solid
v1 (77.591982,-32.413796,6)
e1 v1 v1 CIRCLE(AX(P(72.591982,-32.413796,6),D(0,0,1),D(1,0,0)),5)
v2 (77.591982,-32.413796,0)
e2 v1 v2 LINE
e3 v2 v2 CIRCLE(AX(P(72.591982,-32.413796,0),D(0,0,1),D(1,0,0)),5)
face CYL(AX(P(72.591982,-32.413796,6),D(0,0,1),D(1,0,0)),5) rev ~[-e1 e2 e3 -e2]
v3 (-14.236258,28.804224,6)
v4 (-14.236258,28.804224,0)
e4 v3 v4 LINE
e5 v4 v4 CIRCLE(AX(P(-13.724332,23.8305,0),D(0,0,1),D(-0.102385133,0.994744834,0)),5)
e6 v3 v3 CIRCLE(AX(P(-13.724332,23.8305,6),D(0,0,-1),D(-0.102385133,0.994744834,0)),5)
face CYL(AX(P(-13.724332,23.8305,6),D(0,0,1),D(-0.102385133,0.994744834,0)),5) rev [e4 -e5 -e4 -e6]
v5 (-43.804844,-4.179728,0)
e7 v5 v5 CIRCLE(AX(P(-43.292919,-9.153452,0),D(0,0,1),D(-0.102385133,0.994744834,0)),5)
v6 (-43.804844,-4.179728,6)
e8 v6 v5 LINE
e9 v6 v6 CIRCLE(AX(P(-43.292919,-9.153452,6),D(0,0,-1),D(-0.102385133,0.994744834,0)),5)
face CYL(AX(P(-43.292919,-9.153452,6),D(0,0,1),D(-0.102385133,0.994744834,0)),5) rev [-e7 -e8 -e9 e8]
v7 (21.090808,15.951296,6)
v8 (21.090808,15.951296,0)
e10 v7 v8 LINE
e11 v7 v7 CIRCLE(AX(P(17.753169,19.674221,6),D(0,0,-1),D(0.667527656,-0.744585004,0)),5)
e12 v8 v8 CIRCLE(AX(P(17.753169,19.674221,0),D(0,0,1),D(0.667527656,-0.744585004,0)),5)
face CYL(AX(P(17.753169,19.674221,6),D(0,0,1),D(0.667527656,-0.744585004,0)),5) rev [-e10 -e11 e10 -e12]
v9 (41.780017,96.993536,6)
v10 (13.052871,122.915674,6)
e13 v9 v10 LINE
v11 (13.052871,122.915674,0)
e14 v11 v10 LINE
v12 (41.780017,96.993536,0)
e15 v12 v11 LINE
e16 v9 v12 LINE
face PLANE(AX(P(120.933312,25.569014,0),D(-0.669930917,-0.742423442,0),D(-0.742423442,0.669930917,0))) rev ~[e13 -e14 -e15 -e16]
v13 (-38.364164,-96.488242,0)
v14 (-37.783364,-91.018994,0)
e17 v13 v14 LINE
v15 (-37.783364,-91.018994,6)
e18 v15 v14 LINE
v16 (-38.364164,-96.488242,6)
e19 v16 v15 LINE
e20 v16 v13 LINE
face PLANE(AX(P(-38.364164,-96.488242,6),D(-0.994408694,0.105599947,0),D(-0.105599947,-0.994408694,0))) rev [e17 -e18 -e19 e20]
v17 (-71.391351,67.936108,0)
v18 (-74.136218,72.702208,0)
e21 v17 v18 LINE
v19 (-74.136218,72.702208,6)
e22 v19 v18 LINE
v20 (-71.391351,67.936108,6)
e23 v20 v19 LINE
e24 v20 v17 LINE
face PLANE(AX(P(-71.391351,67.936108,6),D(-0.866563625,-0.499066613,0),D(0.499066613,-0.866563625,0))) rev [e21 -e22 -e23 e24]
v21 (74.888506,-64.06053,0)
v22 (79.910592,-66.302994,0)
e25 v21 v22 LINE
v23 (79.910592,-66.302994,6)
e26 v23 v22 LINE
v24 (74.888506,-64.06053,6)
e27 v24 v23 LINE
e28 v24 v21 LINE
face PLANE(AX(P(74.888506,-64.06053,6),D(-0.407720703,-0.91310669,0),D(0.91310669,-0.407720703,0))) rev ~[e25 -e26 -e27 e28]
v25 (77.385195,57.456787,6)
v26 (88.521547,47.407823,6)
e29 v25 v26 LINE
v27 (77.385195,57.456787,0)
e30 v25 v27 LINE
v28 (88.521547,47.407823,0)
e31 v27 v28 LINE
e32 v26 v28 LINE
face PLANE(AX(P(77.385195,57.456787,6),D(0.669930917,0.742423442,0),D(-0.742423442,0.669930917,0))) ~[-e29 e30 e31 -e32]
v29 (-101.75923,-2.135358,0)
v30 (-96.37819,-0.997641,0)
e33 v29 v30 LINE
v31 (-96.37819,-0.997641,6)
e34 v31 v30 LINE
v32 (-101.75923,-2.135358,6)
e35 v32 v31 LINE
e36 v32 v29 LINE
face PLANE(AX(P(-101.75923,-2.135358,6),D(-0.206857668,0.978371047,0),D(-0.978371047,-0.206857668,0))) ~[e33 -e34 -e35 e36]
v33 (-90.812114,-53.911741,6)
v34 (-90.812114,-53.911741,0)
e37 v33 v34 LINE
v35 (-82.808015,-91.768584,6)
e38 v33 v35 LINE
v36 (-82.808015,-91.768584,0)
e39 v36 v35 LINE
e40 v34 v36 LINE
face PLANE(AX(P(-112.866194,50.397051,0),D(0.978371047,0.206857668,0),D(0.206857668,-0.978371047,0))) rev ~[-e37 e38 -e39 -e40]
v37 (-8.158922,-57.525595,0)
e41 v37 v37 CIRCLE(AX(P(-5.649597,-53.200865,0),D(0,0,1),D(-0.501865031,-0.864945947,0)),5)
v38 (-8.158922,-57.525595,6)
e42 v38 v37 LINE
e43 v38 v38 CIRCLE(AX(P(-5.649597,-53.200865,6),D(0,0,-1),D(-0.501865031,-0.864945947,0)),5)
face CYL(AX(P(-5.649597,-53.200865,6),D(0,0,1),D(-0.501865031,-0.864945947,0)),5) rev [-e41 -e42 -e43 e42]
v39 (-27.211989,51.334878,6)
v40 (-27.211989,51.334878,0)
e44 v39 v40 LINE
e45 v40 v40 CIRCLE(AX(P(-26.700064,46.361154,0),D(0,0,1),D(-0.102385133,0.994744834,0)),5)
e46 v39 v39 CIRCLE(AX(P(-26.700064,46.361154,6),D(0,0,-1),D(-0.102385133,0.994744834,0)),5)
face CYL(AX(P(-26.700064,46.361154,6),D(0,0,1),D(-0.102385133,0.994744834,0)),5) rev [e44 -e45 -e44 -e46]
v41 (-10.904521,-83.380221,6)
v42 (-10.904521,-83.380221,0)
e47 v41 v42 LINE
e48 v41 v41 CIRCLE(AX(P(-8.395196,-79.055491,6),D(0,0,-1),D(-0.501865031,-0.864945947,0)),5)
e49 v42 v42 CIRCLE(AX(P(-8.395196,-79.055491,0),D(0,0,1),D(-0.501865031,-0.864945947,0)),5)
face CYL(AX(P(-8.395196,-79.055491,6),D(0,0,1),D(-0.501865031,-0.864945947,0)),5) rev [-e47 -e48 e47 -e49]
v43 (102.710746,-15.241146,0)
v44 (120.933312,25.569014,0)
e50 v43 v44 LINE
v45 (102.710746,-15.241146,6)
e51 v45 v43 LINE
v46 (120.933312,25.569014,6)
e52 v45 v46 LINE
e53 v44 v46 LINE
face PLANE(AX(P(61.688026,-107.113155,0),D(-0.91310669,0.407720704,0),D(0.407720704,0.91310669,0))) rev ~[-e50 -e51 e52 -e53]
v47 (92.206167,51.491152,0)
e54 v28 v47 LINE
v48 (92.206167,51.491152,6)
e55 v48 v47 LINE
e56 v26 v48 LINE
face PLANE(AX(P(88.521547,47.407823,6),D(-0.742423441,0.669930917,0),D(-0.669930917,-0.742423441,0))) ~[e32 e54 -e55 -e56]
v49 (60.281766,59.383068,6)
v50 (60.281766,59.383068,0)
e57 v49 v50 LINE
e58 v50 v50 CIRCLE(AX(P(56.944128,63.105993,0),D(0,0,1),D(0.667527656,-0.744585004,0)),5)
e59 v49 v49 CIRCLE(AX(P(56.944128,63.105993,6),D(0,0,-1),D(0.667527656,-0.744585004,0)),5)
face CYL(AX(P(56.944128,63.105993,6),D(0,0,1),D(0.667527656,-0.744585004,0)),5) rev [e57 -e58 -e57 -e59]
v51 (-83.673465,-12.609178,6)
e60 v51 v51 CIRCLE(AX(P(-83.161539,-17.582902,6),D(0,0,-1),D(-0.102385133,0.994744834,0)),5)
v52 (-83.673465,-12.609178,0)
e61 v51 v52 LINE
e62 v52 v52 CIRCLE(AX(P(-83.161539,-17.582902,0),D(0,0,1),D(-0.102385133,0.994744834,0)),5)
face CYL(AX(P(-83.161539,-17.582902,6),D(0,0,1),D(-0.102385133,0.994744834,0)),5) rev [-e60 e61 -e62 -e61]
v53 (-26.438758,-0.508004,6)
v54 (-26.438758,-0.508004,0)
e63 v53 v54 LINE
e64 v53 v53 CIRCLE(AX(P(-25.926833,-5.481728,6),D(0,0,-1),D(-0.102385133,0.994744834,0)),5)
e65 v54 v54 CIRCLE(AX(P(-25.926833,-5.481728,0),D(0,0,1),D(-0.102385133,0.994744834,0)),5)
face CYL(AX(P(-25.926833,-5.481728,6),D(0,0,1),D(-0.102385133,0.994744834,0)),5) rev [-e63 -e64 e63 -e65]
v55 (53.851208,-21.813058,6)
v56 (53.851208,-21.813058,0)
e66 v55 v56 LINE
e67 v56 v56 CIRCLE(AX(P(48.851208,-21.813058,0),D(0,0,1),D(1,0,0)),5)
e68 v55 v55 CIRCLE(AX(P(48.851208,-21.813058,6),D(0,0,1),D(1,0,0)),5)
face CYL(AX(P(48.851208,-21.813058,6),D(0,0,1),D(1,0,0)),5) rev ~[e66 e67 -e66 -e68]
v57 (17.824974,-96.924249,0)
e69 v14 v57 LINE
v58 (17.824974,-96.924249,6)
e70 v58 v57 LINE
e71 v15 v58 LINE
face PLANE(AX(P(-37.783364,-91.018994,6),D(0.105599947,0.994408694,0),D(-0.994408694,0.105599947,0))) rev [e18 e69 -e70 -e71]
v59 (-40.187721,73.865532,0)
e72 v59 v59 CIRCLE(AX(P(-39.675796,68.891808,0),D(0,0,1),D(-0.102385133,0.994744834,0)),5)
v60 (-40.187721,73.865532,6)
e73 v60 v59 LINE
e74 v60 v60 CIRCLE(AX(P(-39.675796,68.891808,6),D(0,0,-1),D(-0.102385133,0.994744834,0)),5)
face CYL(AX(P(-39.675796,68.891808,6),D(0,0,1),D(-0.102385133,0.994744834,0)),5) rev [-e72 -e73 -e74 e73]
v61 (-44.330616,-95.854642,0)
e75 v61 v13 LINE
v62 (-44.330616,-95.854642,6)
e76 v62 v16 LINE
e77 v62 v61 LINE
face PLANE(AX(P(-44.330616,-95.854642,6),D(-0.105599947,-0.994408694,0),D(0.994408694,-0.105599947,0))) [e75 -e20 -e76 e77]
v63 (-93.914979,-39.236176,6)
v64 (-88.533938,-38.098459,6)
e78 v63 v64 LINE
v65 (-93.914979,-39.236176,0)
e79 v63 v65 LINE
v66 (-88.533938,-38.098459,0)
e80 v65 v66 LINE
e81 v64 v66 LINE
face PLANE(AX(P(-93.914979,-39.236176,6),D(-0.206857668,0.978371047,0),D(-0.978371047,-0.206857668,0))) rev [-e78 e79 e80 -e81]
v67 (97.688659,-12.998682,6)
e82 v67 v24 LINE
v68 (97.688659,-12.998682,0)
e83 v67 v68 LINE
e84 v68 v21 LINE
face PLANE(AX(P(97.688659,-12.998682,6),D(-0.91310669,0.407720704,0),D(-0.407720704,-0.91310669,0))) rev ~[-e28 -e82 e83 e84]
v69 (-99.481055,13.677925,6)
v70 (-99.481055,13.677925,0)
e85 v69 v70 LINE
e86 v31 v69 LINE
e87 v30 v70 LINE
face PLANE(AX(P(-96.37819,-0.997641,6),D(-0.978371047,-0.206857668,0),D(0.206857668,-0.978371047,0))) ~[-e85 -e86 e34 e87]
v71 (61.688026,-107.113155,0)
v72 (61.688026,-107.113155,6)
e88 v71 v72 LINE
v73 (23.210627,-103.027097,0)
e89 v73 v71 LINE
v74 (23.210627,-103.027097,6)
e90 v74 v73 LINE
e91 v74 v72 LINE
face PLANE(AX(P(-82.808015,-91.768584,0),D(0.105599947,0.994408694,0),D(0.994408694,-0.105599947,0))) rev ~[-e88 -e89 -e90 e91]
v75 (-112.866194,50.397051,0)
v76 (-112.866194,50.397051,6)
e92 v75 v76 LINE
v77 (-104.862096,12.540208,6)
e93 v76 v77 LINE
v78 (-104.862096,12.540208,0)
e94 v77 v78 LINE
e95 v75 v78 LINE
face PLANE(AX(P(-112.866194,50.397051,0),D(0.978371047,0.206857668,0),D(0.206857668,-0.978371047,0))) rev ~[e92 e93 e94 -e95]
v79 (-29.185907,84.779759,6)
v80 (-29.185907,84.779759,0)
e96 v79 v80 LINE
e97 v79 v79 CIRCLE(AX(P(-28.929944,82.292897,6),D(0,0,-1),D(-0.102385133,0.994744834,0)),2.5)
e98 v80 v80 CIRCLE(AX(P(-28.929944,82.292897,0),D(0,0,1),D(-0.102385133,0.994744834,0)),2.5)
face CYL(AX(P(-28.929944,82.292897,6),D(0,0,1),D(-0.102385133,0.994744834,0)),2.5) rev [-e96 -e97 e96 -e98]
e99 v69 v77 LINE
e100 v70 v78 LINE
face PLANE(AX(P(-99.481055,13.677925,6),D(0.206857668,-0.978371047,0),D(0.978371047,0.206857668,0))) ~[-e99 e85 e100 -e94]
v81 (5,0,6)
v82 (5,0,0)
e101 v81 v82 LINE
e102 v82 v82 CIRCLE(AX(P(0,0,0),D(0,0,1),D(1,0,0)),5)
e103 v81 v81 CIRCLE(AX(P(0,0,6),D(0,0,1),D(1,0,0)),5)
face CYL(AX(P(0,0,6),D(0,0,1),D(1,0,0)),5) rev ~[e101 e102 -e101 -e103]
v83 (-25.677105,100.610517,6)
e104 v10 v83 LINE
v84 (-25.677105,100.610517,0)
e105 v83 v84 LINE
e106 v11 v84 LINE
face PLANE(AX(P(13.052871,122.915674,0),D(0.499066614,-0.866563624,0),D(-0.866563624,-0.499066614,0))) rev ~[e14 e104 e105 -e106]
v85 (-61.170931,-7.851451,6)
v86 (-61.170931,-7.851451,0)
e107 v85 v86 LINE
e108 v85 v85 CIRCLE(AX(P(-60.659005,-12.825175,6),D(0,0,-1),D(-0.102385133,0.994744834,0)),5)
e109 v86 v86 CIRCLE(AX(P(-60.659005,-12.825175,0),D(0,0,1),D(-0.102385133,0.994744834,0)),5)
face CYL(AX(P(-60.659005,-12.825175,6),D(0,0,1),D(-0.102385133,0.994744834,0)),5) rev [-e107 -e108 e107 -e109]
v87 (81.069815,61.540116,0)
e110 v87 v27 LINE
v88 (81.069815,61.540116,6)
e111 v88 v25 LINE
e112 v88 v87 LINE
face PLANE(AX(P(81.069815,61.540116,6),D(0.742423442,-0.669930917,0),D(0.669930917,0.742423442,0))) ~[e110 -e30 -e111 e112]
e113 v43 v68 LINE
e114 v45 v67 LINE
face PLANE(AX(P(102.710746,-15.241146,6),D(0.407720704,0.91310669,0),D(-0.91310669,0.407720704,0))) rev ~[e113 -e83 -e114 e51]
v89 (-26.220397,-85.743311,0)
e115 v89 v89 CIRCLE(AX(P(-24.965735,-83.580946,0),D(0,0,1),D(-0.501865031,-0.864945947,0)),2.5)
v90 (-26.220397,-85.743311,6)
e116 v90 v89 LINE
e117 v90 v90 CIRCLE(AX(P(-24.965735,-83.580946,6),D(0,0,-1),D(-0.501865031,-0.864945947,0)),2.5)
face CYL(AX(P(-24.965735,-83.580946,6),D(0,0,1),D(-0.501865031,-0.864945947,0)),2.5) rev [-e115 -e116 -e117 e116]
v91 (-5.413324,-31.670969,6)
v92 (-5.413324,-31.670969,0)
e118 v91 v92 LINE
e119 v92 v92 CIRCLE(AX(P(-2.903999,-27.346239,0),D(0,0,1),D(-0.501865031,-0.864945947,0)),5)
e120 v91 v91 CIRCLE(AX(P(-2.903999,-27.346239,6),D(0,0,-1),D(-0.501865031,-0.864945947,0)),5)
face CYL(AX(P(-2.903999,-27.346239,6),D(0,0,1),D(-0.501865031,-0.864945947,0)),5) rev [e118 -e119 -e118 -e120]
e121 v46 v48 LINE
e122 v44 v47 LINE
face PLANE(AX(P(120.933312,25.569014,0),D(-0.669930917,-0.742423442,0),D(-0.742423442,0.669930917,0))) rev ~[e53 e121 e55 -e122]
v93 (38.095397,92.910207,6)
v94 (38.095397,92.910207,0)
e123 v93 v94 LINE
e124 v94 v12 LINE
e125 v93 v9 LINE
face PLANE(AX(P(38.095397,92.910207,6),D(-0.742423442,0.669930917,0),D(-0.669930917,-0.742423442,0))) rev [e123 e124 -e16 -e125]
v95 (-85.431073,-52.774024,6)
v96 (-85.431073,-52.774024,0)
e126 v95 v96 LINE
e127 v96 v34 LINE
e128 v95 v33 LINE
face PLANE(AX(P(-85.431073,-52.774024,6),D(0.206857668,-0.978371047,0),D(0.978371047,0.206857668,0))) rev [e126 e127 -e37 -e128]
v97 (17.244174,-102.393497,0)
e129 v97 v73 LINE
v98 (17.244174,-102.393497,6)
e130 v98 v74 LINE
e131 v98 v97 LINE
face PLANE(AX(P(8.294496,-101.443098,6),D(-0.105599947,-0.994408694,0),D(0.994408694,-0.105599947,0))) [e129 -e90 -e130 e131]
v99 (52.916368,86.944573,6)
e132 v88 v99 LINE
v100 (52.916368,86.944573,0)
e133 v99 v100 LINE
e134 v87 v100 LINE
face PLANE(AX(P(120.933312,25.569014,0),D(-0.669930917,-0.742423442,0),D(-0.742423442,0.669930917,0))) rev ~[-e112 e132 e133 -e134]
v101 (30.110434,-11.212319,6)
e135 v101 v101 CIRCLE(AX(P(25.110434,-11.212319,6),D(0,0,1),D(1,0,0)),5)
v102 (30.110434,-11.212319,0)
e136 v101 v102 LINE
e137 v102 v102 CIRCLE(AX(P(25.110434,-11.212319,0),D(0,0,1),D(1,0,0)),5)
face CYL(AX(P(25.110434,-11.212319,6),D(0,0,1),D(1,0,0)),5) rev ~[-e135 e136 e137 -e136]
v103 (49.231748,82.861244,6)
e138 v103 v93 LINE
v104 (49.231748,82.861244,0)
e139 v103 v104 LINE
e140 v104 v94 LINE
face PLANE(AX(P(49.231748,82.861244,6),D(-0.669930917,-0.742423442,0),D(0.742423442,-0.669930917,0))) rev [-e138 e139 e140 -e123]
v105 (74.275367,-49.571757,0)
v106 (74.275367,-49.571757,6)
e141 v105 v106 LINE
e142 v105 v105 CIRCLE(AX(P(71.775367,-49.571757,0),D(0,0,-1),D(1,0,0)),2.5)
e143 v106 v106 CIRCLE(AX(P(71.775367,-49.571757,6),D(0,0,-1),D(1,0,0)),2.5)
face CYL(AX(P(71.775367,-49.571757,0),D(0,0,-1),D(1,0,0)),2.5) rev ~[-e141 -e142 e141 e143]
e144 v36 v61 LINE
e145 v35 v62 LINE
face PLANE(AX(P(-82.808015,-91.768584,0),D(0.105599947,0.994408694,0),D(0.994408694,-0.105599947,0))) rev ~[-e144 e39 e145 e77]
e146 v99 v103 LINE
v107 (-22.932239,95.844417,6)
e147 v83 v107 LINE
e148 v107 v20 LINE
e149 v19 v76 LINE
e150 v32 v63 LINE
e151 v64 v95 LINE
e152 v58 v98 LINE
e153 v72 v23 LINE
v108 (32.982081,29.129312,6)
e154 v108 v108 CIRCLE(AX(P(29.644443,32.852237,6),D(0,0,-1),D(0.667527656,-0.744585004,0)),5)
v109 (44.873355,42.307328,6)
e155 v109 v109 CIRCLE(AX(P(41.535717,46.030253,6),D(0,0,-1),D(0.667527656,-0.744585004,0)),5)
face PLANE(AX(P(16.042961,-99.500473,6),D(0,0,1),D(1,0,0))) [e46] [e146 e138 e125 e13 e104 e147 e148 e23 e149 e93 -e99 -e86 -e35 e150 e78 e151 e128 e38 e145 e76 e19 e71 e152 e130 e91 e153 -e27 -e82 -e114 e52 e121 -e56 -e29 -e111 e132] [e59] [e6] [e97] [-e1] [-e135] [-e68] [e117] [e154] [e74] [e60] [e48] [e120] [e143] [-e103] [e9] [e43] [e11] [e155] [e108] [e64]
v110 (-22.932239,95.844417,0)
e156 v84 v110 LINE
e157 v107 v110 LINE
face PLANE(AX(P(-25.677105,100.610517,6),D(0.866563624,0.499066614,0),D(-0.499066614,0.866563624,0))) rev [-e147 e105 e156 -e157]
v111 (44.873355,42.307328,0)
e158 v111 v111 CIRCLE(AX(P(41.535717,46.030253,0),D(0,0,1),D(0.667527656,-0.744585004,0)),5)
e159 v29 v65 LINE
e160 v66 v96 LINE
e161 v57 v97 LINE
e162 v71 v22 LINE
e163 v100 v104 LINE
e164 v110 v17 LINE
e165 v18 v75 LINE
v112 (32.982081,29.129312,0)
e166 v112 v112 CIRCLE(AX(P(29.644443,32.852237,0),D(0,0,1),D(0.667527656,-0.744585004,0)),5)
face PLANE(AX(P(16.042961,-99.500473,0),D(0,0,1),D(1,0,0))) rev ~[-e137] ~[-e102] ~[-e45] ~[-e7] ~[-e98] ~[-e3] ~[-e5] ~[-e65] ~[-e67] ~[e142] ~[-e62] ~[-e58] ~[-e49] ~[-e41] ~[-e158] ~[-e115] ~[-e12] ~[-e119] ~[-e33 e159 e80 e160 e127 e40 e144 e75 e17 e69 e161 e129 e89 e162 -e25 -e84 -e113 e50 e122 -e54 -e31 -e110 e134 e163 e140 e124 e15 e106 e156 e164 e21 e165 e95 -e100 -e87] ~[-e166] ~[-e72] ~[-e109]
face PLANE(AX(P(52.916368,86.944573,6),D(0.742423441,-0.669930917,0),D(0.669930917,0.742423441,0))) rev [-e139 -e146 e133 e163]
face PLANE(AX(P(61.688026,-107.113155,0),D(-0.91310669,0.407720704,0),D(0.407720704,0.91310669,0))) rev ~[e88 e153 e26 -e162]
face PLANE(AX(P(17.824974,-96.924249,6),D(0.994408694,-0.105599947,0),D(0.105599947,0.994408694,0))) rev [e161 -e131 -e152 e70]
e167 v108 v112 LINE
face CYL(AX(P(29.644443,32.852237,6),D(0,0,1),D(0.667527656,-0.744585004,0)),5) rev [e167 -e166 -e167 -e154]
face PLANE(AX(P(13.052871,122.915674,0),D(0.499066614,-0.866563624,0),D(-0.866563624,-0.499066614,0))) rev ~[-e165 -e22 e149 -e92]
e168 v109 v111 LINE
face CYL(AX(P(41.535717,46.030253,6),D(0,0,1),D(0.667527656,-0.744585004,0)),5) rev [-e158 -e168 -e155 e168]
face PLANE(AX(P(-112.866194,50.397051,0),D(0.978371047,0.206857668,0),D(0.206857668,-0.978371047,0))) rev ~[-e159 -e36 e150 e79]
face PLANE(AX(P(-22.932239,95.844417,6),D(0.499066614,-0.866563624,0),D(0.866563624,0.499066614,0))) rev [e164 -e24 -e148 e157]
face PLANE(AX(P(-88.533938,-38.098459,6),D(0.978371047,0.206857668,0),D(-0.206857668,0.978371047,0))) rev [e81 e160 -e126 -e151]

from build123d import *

# Parameters (mm, degrees)
BOSS_EXTRUDE1_DEPTH = 6
SKETCH2_R           = 5
CUT_EXTRUDE1_DEPTH  = 6
SKETCH11_R          = 4.999999998
CUT_EXTRUDE2_DEPTH  = 10
SKETCH12_R          = 5
SKETCH12_R_2        = 2.5
CUT_EXTRUDE3_DEPTH  = 10
CUT_EXTRUDE4_DEPTH  = 10
CUT_EXTRUDE5_DEPTH  = 10
BOSS_EXTRUDE2_START = -6
SKETCH14_R          = 2.5
BOSS_EXTRUDE2_DEPTH = 6
SKETCH14_3_R        = 2.5
CUT_EXTRUDE6_DEPTH  = 6
SKETCH11_4_R        = 4.999999998
BOSS_EXTRUDE3_DEPTH = 6


with BuildPart() as part:
    # Sketch1 → Boss-Extrude1 (new body)
    with BuildSketch(Plane.XY):
        Polygon((-82.808015356, -91.768584182), (61.688025962, -107.113154668), (120.9333121, 25.569013955), (13.052871288, 122.915674351), (-112.866193993, 50.397050544), align=None)
    extrude(amount=BOSS_EXTRUDE1_DEPTH)

    # Sketch2 → Cut-Extrude1 (cut)
    with BuildSketch(Plane.XY.offset(6)):
        Circle(SKETCH2_R)
    extrude(amount=-CUT_EXTRUDE1_DEPTH, mode=Mode.SUBTRACT)

    # Sketch11 → Cut-Extrude2 (cut)
    with BuildSketch(Plane.XY.offset(6)):
        with Locations((-6.54719671, -61.653339044)):
            Circle(SKETCH11_R)
        with Locations((-4.672797652, -44.002584721)):
            Circle(SKETCH11_R)
        with Locations((-2.798398593, -26.351830398)):
            Circle(SKETCH11_R)
        with Locations((-8.975995491, -84.524739011)):
            Circle(SKETCH11_R)
    cut_extrude2 = extrude(amount=-CUT_EXTRUDE2_DEPTH, mode=Mode.SUBTRACT)

    # Sketch12 → Cut-Extrude3 (cut)
    with BuildSketch(Plane.XY.offset(6)):
        with Locations((48.851207931, -21.813057641)):
            Circle(SKETCH12_R)
        with Locations((25.110433983, -11.212319348)):
            Circle(SKETCH12_R)
        with Locations((84.822429951, -20.352343286)):
            Circle(SKETCH12_R_2)
        with Locations((72.591981879, -32.413795933)):
            Circle(SKETCH12_R)
    cut_extrude3 = extrude(amount=-CUT_EXTRUDE3_DEPTH, mode=Mode.SUBTRACT)

    # Sketch11<3> → Cut-Extrude4 (cut)
    with BuildSketch(Plane.XY.offset(6)):
        Polygon((8.29449613, -101.443097727), (8.875295839, -95.973849909), (23.791426251, -97.557849113), (23.210626543, -103.027096932), align=None)
        Polygon((-29.414485521, -97.438641123), (-28.833685813, -91.969393305), (-43.749816225, -90.3853941), (-44.330615934, -95.854641919), align=None)
    cut_extrude4 = extrude(amount=-CUT_EXTRUDE4_DEPTH, mode=Mode.SUBTRACT)

    # Mirror3: Cut-Extrude2 across plane
    add(cut_extrude2.mirror(Plane(origin=(0, 0, 0), x_dir=(0, 0, 1), z_dir=(-0.4077207035645653, -0.9131066903077734, 0))), mode=Mode.SUBTRACT)

    # Mirror4: Cut-Extrude3 across plane
    add(cut_extrude3.mirror(Plane(origin=(0, 0, 0), x_dir=(0, 0, 1), z_dir=(0.742423441529948, -0.6699309169360882, 0))), mode=Mode.SUBTRACT)

    # Mirror5: Cut-Extrude2 across plane
    add(cut_extrude2.mirror(Plane(origin=(0, 0, 0), x_dir=(0, 0, 1), z_dir=(0.742423441529948, -0.6699309169360882, 0))), mode=Mode.SUBTRACT)

    # Mirror6: Cut-Extrude4 across plane
    add(cut_extrude4.mirror(Plane(origin=(0, 0, 0), x_dir=(0, 0, 1), z_dir=(-0.4077207035645653, -0.9131066903077734, 0))), mode=Mode.SUBTRACT)

    # Mirror7: Cut-Extrude4 across plane
    add(cut_extrude4.mirror(Plane(origin=(0, 0, 0), x_dir=(0, 0, 1), z_dir=(0.742423441529948, -0.6699309169360882, 0))), mode=Mode.SUBTRACT)

    # Sketch13 → Cut-Extrude5 (cut)
    with BuildSketch(Plane.XY.offset(6)):
        Polygon((79.910592339, -66.30299436), (102.710745723, -15.241146353), (97.688658926, -12.998682483), (74.888505542, -64.060530491), align=None)
    cut_extrude5 = extrude(amount=-CUT_EXTRUDE5_DEPTH, mode=Mode.SUBTRACT)

    # Mirror8: Cut-Extrude5 across plane
    add(cut_extrude5.mirror(Plane(origin=(0, 0, 0), x_dir=(0, 0, 1), z_dir=(0.742423441529948, -0.6699309169360882, 0))), mode=Mode.SUBTRACT)

    # Sketch14 → Boss-Extrude2 (add)
    with BuildSketch(Plane(origin=(0, 0, 0), x_dir=(-1, 0, 0), z_dir=(0, 0, -1)).offset(BOSS_EXTRUDE2_START)):
        with Locations((-84.822429951, -20.352343286)):
            Circle(SKETCH14_R)
    extrude(amount=BOSS_EXTRUDE2_DEPTH)

    # Sketch14<3> → Cut-Extrude6 (cut)
    with BuildSketch(Plane(origin=(0, 0, 0), x_dir=(-1, 0, 0), z_dir=(0, 0, -1))):
        with Locations((-71.775367437, -49.571757376)):
            Circle(SKETCH14_3_R)
    extrude(amount=-CUT_EXTRUDE6_DEPTH, mode=Mode.SUBTRACT)

    # Sketch11<4> → Boss-Extrude3 (add)
    with BuildSketch(Plane.XY.offset(6)):
        Polygon((8.875295839, -95.973849909), (8.29449613, -101.443097727), (23.210626543, -103.027096932), (23.791426251, -97.557849113), align=None)
        Polygon((-44.330615934, -95.854641919), (-29.414485521, -97.438641123), (-28.833685813, -91.969393305), (-43.749816225, -90.3853941), align=None)
        with Locations((-6.54719671, -61.653339044)):
            Circle(SKETCH11_4_R)
        with Locations((-4.672797652, -44.002584721)):
            Circle(SKETCH11_4_R)
        with Locations((-2.798398593, -26.351830398)):
            Circle(SKETCH11_4_R)
        with Locations((-8.975995491, -84.524739011)):
            Circle(SKETCH11_4_R)
    extrude(amount=-BOSS_EXTRUDE3_DEPTH)

    # Mirror9: Cut-Extrude3, Cut-Extrude5 across plane
    add(cut_extrude3.mirror(Plane(origin=(0, 0, 0), x_dir=(0, 0, 1), z_dir=(0.8665636244747431, 0.4990666135268884, 0))), mode=Mode.SUBTRACT)
    add(cut_extrude5.mirror(Plane(origin=(0, 0, 0), x_dir=(0, 0, 1), z_dir=(0.8665636244747431, 0.4990666135268884, 0))), mode=Mode.SUBTRACT)


solid = part.part
